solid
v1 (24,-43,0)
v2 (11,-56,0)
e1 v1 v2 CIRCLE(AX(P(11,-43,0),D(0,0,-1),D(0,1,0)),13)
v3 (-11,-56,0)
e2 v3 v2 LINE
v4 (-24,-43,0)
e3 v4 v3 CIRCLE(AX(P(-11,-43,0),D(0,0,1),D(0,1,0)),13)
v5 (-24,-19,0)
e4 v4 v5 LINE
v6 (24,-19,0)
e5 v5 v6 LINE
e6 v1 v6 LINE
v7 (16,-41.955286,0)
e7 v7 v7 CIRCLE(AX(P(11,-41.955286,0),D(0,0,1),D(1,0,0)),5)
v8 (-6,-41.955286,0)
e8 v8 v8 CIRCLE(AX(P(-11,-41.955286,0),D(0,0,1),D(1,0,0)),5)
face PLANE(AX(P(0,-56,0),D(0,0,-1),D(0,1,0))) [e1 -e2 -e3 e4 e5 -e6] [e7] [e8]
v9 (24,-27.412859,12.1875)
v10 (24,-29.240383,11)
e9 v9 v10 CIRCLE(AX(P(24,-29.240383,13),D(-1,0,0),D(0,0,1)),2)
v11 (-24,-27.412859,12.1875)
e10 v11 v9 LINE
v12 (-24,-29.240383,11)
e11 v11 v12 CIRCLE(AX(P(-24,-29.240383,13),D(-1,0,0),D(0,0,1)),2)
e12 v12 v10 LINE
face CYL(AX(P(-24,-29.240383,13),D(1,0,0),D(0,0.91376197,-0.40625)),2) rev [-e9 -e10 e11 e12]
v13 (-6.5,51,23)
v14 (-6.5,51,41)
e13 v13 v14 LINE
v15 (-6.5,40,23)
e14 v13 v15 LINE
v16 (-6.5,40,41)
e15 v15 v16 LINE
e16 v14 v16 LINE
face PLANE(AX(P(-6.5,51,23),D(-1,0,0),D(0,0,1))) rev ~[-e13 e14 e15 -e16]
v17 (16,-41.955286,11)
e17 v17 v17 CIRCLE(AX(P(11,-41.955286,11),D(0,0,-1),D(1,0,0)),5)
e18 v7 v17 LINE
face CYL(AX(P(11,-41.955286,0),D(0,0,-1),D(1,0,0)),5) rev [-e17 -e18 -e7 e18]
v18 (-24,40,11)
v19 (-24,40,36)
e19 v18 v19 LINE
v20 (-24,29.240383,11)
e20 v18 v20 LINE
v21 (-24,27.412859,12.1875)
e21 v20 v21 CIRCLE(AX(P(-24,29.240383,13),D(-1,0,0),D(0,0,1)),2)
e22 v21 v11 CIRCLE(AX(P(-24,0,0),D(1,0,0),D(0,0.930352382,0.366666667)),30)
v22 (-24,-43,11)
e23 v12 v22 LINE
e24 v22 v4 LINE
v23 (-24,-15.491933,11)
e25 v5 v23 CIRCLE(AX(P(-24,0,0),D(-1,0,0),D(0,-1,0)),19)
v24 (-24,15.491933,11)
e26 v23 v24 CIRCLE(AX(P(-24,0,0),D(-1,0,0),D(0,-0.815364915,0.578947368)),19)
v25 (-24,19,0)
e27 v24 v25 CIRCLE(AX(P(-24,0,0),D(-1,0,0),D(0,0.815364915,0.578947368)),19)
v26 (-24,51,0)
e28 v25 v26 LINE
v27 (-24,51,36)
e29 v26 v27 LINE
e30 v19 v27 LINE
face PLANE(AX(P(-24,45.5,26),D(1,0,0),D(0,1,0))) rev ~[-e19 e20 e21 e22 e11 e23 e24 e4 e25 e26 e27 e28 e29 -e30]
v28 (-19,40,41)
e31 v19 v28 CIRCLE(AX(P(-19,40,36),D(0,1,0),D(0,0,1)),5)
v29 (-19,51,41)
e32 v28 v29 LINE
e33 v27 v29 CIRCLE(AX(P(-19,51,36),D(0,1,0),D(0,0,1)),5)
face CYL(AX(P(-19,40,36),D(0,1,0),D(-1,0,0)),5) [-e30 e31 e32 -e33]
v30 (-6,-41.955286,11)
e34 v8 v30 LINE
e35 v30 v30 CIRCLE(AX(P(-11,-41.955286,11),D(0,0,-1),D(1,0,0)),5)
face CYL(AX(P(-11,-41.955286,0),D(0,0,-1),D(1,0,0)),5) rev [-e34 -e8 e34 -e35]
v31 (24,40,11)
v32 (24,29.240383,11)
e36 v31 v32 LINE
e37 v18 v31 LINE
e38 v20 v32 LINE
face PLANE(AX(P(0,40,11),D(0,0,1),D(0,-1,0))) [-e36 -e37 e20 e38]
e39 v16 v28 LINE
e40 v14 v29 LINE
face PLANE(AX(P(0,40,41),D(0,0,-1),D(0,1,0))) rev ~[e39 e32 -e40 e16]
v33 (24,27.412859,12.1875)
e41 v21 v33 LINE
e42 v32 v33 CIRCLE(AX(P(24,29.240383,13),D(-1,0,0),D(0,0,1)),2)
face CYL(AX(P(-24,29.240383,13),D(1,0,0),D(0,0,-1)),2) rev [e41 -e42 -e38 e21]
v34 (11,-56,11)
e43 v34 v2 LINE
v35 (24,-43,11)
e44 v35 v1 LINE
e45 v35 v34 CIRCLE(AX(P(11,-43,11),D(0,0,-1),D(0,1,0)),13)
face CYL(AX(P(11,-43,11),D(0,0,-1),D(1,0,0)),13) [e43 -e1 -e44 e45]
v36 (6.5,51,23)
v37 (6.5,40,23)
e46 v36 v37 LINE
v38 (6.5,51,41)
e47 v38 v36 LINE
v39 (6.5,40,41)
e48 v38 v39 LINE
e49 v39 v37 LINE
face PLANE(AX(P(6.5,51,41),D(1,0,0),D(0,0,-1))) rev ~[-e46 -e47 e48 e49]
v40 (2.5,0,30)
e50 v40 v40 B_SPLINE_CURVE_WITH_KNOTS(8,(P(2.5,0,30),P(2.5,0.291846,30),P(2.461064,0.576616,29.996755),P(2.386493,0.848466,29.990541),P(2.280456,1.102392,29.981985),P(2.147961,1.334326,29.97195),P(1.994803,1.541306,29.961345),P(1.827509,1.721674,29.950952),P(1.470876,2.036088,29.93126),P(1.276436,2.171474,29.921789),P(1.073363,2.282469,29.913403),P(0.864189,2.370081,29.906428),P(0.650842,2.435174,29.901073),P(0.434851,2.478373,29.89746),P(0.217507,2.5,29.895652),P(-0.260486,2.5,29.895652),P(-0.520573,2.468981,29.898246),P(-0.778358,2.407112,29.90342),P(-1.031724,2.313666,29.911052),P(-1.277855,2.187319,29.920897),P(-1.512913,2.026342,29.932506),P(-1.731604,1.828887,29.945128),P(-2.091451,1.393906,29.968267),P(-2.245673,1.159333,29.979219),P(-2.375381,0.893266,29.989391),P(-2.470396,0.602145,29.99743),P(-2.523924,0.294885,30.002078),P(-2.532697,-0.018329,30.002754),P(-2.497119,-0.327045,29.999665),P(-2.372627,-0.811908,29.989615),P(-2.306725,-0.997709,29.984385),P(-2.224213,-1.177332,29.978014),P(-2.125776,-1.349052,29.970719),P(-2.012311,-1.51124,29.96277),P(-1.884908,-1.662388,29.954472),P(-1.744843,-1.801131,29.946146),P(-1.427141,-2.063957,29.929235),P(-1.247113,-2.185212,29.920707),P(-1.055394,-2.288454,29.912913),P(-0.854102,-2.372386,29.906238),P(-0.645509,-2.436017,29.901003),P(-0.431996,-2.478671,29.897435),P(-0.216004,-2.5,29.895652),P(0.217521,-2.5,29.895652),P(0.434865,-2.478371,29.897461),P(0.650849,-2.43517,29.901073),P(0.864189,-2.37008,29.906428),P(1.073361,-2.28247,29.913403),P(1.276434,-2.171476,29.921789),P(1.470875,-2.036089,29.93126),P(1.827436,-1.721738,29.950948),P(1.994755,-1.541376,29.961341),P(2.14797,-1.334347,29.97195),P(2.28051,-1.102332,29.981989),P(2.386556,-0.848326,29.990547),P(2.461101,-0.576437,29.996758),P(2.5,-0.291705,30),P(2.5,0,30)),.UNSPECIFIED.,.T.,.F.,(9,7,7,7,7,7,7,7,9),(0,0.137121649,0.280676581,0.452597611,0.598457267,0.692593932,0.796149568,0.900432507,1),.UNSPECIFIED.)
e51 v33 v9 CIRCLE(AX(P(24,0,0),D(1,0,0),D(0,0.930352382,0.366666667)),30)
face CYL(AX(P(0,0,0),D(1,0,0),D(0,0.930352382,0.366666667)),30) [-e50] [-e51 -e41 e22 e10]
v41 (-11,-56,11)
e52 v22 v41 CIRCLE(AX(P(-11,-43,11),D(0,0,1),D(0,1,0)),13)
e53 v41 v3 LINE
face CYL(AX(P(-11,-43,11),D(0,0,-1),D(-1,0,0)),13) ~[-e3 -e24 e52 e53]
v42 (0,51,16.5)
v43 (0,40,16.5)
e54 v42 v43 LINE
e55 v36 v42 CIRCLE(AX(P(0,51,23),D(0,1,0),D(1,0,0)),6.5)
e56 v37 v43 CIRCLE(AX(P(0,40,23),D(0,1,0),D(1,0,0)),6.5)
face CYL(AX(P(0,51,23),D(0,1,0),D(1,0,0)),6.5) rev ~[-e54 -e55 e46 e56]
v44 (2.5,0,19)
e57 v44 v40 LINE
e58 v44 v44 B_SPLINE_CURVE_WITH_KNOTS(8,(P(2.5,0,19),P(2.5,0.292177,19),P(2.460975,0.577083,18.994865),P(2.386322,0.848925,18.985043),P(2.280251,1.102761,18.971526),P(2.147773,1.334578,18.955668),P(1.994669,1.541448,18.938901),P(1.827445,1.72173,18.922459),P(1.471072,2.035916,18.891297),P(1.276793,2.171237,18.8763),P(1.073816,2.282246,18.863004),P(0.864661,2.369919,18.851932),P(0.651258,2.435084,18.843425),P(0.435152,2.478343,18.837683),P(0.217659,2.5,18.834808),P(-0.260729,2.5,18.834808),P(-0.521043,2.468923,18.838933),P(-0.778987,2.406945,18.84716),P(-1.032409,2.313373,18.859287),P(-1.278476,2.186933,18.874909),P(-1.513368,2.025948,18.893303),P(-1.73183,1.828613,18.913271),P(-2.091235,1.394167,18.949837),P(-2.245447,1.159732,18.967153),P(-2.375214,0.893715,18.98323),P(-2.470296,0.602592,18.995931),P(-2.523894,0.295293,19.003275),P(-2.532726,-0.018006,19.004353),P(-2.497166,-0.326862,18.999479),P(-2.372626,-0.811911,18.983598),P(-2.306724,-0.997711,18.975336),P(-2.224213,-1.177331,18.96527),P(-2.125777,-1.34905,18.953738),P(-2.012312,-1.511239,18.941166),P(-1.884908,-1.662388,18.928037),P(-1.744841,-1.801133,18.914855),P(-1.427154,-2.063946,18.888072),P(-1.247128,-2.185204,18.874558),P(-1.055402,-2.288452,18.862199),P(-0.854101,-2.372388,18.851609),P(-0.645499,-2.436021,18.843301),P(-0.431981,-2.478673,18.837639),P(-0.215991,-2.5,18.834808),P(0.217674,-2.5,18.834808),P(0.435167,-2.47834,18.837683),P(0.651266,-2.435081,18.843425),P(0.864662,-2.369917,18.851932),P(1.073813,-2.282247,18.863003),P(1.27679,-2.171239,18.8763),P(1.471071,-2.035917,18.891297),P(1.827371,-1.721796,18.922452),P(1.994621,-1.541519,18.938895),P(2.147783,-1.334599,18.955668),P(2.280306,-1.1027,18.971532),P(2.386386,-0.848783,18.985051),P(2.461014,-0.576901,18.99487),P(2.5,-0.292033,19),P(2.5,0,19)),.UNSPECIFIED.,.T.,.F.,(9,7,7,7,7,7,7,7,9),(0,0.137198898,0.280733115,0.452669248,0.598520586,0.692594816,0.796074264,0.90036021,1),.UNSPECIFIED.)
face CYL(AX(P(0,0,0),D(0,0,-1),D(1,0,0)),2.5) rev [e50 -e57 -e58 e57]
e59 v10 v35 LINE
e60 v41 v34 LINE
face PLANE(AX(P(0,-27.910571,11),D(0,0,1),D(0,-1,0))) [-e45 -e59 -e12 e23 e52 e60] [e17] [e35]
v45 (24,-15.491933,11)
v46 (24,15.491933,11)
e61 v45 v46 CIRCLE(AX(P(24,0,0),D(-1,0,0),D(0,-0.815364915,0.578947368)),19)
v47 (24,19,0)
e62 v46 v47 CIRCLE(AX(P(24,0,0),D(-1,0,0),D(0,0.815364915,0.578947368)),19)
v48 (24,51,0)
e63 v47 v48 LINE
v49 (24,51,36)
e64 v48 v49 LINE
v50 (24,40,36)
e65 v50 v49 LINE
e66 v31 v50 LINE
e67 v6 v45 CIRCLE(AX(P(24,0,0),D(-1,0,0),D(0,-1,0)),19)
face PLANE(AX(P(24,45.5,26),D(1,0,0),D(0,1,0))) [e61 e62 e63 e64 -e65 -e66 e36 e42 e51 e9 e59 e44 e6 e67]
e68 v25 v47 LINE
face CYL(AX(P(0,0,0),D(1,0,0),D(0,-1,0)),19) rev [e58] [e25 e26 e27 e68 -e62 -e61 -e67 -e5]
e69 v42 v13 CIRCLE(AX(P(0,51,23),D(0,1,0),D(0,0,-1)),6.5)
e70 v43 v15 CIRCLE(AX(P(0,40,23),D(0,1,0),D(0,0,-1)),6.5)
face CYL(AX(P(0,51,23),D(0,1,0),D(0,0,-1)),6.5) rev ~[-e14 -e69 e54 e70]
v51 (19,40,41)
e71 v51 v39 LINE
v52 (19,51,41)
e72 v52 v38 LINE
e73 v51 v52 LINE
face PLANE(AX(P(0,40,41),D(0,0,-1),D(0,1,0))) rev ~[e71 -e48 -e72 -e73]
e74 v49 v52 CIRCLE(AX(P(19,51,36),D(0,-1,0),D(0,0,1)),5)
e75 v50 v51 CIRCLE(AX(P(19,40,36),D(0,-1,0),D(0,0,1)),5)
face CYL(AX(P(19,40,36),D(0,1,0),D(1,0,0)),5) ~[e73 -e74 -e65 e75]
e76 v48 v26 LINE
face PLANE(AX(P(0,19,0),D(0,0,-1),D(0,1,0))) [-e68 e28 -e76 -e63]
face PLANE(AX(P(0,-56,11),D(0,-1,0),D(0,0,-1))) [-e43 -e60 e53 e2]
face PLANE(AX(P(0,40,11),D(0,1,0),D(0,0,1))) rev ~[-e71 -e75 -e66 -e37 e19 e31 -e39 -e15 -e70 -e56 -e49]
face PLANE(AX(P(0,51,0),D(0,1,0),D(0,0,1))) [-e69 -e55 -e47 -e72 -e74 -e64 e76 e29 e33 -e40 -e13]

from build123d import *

# Parameters (mm, degrees)
F0_W     = 11
F0_H     = 30
F1_DEPTH = 24
F3_DEPTH = 11
F4_R     = 2.5
F4_R_2   = 5
F5_DEPTH = 41.001
F6_R     = 13
F7_R     = 5
F8_R     = 2


with BuildPart() as f1:
    # F0 (on Right) → F1 (new body, symmetric)
    with BuildSketch(Plane.YZ):
        with Locations((45.5, 26)):
            Rectangle(F0_W, F0_H)
        with BuildLine():
            ThreePointArc((27.9105714739, 11), (29.4730143031, 5.5983415304), (30, 0))
            Line((30, 0), (51, 0))
            Line((51, 0), (51, 11))
            Line((51, 11), (40, 11))
            Line((40, 11), (27.9105714739, 11))
        make_face()
        with BuildLine():
            ThreePointArc((-15.4919333848, 11), (0, 19), (15.4919333848, 11))
            Line((15.4919333848, 11), (27.9105714739, 11))
            ThreePointArc((27.9105714739, 11), (0, 30), (-27.9105714739, 11))
            Line((-27.9105714739, 11), (-15.4919333848, 11))
        make_face()
        with BuildLine():
            ThreePointArc((15.4919333848, 11), (18.1017503893, 5.7729223833), (19, 0))
            Line((19, 0), (30, 0))
            ThreePointArc((30, 0), (29.4730143031, 5.5983415304), (27.9105714739, 11))
            Line((27.9105714739, 11), (15.4919333848, 11))
        make_face()
        with BuildLine():
            Line((-30, 0), (-19, 0))
            ThreePointArc((-19, 0), (-18.1017503893, 5.7729223833), (-15.4919333848, 11))
            Line((-15.4919333848, 11), (-27.9105714739, 11))
            ThreePointArc((-27.9105714739, 11), (-29.4730143031, 5.5983415304), (-30, 0))
        make_face()
        with BuildLine():
            Line((-56, 0), (-30, 0))
            ThreePointArc((-30, 0), (-29.4730143031, 5.5983415304), (-27.9105714739, 11))
            Line((-27.9105714739, 11), (-56, 11))
            Line((-56, 11), (-56, 0))
        make_face()
    extrude(amount=F1_DEPTH, both=True)

    # F2 (on face) → F3 (cut, through all)
    with BuildSketch(Plane(origin=(0, 51, 0), x_dir=(-1, 0, 0), z_dir=(0, 1, 0))):
        with BuildLine():
            ThreePointArc((-6.5, 23), (-4.5961940777, 27.5961940777), (0, 29.5))
            Line((0, 29.5), (0, 41))
            Line((0, 41), (-6.5, 41))
            Line((-6.5, 41), (-6.5, 23))
        make_face()
        with BuildLine():
            ThreePointArc((-6.5, 23), (-4.5961940777, 18.4038059223), (0, 16.5))
            Line((0, 16.5), (0, 29.5))
            ThreePointArc((0, 29.5), (-4.5961940777, 27.5961940777), (-6.5, 23))
        make_face()
        with BuildLine():
            Line((0, 29.5), (0, 16.5))
            ThreePointArc((0, 16.5), (4.5961940777, 18.4038059223), (6.5, 23))
            ThreePointArc((6.5, 23), (4.5961940777, 27.5961940777), (0, 29.5))
        make_face()
        with BuildLine():
            Line((0, 41), (0, 29.5))
            ThreePointArc((0, 29.5), (4.5961940777, 27.5961940777), (6.5, 23))
            Line((6.5, 23), (6.5, 41))
            Line((6.5, 41), (0, 41))
        make_face()
    extrude(amount=-F3_DEPTH, mode=Mode.SUBTRACT)

    # F4 (on Top) → F5 (cut, through all)
    with BuildSketch(Plane.XY):
        Circle(F4_R)
        with Locations((11, -41.955285737)):
            Circle(F4_R_2)
        with Locations((-11, -41.955285737)):
            Circle(F4_R_2)
    extrude(amount=F5_DEPTH, mode=Mode.SUBTRACT)

    # F6
    f6_edges = [f1.edges().sort_by_distance(p)[0] for p in [
        (-24, -56, 5.5),
        (24, -56, 5.5),
    ]]
    fillet(f6_edges, radius=F6_R)

    # F7
    f7_edges = [f1.edges().sort_by_distance(p)[0] for p in [
        (-24, 45.5, 41),
        (24, 45.5, 41),
    ]]
    fillet(f7_edges, radius=F7_R)

    # F8
    f8_edges = [f1.edges().sort_by_distance(p)[0] for p in [
        (0, -27.910571, 11),
        (0, 27.910571, 11),
    ]]
    fillet(f8_edges, radius=F8_R)


solid = f1.part
